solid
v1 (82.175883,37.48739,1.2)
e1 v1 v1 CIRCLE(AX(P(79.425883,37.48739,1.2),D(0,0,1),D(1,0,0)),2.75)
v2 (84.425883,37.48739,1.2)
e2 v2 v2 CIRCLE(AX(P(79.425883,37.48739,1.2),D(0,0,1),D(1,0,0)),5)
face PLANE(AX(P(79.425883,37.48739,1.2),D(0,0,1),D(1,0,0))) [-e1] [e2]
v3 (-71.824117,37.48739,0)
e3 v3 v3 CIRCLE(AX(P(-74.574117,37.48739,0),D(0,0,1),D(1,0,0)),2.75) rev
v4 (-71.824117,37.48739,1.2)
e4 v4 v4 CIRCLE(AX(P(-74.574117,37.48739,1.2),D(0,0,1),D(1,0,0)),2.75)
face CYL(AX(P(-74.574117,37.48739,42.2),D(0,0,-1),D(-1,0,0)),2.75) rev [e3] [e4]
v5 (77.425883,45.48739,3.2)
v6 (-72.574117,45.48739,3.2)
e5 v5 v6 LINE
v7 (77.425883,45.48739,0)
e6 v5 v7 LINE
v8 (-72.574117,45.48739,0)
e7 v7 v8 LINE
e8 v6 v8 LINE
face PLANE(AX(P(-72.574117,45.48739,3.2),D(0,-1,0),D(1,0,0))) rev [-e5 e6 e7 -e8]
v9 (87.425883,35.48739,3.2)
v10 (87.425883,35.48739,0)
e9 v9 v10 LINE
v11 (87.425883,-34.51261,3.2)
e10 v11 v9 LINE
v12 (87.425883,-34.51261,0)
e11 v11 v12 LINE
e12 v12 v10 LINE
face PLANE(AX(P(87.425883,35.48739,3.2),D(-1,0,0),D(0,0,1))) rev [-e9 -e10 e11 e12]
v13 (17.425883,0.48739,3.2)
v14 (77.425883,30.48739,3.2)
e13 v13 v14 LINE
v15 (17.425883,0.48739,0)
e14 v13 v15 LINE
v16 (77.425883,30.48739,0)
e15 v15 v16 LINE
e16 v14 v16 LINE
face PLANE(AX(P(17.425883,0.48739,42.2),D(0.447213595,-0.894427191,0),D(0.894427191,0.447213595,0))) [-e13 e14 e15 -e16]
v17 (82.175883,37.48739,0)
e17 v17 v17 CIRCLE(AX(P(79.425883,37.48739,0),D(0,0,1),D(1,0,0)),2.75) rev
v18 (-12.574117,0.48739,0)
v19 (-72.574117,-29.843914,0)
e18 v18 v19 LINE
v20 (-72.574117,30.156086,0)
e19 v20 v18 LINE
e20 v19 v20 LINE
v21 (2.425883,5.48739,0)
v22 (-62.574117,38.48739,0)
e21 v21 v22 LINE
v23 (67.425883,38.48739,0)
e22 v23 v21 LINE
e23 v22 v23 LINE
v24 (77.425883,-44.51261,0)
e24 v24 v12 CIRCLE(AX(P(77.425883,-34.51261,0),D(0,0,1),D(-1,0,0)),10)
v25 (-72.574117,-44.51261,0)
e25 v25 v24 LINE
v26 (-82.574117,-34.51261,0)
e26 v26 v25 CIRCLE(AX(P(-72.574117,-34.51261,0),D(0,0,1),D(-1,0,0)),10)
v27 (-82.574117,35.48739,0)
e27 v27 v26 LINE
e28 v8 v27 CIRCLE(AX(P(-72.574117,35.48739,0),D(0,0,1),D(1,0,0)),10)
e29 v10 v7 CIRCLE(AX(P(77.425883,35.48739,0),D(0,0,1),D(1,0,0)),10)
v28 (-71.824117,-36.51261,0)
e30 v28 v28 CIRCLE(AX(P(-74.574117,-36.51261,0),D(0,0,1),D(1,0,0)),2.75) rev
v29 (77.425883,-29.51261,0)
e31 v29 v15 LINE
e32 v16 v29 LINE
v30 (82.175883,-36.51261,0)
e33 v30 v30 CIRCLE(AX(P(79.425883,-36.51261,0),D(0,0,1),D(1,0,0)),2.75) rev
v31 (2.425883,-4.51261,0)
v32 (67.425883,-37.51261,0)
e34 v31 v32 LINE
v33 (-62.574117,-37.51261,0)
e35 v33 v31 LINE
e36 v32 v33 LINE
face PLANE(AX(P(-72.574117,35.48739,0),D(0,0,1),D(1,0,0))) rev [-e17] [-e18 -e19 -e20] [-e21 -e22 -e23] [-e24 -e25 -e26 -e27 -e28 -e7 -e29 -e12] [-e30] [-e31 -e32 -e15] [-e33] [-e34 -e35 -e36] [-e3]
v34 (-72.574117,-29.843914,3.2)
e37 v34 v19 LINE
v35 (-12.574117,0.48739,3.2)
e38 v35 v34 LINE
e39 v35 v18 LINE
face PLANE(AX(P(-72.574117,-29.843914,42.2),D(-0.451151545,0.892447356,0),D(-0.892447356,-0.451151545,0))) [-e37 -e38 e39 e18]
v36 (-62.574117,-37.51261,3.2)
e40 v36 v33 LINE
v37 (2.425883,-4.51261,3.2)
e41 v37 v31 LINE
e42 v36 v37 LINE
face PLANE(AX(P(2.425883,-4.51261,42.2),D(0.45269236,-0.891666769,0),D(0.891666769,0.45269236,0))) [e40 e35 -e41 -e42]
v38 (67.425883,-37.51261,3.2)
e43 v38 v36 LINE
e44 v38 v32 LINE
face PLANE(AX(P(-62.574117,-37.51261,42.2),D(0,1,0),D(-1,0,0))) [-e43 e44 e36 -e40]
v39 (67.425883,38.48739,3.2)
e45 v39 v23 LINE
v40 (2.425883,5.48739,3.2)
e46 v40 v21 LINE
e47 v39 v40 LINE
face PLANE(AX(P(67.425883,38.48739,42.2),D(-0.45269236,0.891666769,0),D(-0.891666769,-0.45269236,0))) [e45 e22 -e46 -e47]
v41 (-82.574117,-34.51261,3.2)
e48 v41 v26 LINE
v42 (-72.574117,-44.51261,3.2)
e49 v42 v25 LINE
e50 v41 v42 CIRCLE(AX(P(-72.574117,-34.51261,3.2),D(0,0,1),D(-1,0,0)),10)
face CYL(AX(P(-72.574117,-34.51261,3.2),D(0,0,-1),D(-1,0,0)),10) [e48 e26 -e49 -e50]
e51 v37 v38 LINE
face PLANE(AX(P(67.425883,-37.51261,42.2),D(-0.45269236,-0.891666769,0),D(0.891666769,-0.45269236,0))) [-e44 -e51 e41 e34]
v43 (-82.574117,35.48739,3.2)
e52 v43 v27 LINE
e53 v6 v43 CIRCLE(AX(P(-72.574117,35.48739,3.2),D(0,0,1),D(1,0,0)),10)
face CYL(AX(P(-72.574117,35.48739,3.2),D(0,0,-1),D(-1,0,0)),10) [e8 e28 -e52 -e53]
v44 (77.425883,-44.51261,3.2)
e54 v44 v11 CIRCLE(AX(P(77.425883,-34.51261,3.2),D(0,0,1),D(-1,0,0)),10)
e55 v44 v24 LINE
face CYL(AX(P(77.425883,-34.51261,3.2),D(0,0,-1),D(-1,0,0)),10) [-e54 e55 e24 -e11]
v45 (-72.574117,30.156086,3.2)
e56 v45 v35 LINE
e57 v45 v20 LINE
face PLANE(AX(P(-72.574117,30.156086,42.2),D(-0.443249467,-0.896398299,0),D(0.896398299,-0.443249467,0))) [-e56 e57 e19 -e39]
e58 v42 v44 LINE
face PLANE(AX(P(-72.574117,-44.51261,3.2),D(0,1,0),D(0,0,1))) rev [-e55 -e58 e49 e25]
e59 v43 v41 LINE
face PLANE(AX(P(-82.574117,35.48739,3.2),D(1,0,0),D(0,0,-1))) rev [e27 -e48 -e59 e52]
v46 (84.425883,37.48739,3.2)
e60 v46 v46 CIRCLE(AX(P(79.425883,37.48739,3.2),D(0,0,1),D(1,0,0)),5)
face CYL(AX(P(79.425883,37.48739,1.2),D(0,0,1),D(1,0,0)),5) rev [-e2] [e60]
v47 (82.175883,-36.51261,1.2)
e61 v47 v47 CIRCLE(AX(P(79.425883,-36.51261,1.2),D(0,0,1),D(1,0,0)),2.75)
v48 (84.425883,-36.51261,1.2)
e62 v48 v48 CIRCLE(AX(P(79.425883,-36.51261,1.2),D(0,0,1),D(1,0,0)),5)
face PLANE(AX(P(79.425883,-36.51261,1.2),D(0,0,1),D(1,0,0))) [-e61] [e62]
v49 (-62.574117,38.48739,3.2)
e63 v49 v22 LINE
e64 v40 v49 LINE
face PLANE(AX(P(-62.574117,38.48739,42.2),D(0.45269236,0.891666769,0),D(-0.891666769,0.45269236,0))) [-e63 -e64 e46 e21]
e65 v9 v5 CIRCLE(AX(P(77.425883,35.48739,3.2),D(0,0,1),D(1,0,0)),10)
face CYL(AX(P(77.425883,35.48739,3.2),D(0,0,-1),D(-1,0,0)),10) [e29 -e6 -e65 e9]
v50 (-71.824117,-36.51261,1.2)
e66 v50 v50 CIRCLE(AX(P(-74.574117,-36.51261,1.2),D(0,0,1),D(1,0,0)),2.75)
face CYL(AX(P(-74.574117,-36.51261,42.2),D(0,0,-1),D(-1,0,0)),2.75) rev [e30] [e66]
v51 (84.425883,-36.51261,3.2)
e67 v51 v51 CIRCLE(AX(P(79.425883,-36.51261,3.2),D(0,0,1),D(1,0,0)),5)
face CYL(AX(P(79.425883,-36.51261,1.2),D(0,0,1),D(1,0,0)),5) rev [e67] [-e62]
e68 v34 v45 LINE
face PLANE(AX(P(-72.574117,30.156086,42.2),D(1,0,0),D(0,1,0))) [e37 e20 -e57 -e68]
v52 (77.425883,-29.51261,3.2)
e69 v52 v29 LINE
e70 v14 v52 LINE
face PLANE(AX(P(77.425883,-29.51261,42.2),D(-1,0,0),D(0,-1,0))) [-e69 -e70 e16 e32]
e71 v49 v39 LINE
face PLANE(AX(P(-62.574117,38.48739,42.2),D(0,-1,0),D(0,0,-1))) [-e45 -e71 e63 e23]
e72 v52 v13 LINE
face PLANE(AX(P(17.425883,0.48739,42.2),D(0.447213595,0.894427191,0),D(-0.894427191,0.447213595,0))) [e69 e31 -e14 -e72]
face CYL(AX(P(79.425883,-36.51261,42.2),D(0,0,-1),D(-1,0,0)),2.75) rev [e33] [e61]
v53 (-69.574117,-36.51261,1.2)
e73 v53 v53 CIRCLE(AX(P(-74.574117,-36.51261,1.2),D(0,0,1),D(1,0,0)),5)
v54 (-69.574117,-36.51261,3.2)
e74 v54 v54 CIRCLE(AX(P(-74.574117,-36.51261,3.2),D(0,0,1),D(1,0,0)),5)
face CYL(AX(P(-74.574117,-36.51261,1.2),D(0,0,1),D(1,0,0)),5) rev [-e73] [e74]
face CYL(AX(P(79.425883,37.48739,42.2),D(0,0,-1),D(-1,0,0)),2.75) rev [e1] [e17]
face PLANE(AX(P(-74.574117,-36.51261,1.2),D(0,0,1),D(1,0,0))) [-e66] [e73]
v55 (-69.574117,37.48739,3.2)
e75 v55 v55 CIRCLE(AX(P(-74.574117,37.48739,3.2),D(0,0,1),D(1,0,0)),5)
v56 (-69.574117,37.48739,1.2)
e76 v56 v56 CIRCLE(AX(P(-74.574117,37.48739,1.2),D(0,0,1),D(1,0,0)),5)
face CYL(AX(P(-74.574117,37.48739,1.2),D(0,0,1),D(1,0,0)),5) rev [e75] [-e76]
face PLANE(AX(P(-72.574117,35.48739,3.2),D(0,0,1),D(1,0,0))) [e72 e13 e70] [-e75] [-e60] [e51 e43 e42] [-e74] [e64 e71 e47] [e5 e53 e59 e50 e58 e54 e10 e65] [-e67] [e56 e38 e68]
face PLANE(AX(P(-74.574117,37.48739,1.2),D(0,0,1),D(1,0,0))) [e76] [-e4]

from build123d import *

# Parameters (mm, degrees)
EXTRUDE_1_DEPTH          = 3.2
CUT_EXTRUDE_1_DEPTH      = 39
CUT_EXTRUDE_1_DEPTH_BACK = 10
SKETCH_2_R               = 2.75
SKETCH_3_R               = 5
CUT_EXTRUDE_2_DEPTH      = 2


with BuildPart() as part:
    # 草图1 → 凸台-拉伸1 (new body)
    with BuildSketch(Plane.XY):
        with BuildLine():
            Line((-72.574116531, 45.487390308), (77.425883469, 45.487390308))
            ThreePointArc((77.425883469, 45.487390308), (84.496951281, 42.558458119), (87.425883469, 35.487390308))
            Line((87.425883469, 35.487390308), (87.425883469, -34.512609692))
            ThreePointArc((87.425883469, -34.512609692), (84.496951281, -41.583677504), (77.425883469, -44.512609692))
            Line((77.425883469, -44.512609692), (-72.574116531, -44.512609692))
            ThreePointArc((-72.574116531, -44.512609692), (-79.645184343, -41.583677504), (-82.574116531, -34.512609692))
            Line((-82.574116531, -34.512609692), (-82.574116531, 35.487390308))
            ThreePointArc((-82.574116531, 35.487390308), (-79.645184343, 42.558458119), (-72.574116531, 45.487390308))
        make_face()
    extrude(amount=EXTRUDE_1_DEPTH)

    # 草图2 → 切除-拉伸1 (cut, two sides: drawn at the far end of the back side and taken through both)
    with BuildSketch(Plane.XY.offset(3.2).offset(-CUT_EXTRUDE_1_DEPTH_BACK)):
        with Locations((-74.574116531, 37.487390308)):
            Circle(SKETCH_2_R)
        with Locations((-74.574116531, -36.512609692)):
            Circle(SKETCH_2_R)
        with Locations((79.425883469, 37.487390308)):
            Circle(SKETCH_2_R)
        with Locations((79.425883469, -36.512609692)):
            Circle(SKETCH_2_R)
        Polygon((-62.574116531, 38.487390308), (2.425883469, 5.487390308), (67.425883469, 38.487390308), align=None)
        Polygon((-72.574116531, 30.156085606), (-12.574116531, 0.487390308), (-72.574116531, -29.843914394), align=None)
        Polygon((2.425883469, -4.512609692), (-62.574116531, -37.512609692), (67.425883469, -37.512609692), align=None)
        Polygon((17.425883469, 0.487390308), (77.425883469, 30.487390308), (77.425883469, -29.512609692), align=None)
    extrude(amount=CUT_EXTRUDE_1_DEPTH + CUT_EXTRUDE_1_DEPTH_BACK, mode=Mode.SUBTRACT)

    # 草图3 → 切除-拉伸2 (cut)
    with BuildSketch(Plane.XY.offset(3.2)):
        with Locations((-74.574116531, 37.487390308)):
            Circle(SKETCH_3_R)
        with Locations((79.425883469, 37.487390308)):
            Circle(SKETCH_3_R)
        with Locations((79.425883469, -36.512609692)):
            Circle(SKETCH_3_R)
        with Locations((-74.574116531, -36.512609692)):
            Circle(SKETCH_3_R)
    extrude(amount=-CUT_EXTRUDE_2_DEPTH, mode=Mode.SUBTRACT)


solid = part.part
